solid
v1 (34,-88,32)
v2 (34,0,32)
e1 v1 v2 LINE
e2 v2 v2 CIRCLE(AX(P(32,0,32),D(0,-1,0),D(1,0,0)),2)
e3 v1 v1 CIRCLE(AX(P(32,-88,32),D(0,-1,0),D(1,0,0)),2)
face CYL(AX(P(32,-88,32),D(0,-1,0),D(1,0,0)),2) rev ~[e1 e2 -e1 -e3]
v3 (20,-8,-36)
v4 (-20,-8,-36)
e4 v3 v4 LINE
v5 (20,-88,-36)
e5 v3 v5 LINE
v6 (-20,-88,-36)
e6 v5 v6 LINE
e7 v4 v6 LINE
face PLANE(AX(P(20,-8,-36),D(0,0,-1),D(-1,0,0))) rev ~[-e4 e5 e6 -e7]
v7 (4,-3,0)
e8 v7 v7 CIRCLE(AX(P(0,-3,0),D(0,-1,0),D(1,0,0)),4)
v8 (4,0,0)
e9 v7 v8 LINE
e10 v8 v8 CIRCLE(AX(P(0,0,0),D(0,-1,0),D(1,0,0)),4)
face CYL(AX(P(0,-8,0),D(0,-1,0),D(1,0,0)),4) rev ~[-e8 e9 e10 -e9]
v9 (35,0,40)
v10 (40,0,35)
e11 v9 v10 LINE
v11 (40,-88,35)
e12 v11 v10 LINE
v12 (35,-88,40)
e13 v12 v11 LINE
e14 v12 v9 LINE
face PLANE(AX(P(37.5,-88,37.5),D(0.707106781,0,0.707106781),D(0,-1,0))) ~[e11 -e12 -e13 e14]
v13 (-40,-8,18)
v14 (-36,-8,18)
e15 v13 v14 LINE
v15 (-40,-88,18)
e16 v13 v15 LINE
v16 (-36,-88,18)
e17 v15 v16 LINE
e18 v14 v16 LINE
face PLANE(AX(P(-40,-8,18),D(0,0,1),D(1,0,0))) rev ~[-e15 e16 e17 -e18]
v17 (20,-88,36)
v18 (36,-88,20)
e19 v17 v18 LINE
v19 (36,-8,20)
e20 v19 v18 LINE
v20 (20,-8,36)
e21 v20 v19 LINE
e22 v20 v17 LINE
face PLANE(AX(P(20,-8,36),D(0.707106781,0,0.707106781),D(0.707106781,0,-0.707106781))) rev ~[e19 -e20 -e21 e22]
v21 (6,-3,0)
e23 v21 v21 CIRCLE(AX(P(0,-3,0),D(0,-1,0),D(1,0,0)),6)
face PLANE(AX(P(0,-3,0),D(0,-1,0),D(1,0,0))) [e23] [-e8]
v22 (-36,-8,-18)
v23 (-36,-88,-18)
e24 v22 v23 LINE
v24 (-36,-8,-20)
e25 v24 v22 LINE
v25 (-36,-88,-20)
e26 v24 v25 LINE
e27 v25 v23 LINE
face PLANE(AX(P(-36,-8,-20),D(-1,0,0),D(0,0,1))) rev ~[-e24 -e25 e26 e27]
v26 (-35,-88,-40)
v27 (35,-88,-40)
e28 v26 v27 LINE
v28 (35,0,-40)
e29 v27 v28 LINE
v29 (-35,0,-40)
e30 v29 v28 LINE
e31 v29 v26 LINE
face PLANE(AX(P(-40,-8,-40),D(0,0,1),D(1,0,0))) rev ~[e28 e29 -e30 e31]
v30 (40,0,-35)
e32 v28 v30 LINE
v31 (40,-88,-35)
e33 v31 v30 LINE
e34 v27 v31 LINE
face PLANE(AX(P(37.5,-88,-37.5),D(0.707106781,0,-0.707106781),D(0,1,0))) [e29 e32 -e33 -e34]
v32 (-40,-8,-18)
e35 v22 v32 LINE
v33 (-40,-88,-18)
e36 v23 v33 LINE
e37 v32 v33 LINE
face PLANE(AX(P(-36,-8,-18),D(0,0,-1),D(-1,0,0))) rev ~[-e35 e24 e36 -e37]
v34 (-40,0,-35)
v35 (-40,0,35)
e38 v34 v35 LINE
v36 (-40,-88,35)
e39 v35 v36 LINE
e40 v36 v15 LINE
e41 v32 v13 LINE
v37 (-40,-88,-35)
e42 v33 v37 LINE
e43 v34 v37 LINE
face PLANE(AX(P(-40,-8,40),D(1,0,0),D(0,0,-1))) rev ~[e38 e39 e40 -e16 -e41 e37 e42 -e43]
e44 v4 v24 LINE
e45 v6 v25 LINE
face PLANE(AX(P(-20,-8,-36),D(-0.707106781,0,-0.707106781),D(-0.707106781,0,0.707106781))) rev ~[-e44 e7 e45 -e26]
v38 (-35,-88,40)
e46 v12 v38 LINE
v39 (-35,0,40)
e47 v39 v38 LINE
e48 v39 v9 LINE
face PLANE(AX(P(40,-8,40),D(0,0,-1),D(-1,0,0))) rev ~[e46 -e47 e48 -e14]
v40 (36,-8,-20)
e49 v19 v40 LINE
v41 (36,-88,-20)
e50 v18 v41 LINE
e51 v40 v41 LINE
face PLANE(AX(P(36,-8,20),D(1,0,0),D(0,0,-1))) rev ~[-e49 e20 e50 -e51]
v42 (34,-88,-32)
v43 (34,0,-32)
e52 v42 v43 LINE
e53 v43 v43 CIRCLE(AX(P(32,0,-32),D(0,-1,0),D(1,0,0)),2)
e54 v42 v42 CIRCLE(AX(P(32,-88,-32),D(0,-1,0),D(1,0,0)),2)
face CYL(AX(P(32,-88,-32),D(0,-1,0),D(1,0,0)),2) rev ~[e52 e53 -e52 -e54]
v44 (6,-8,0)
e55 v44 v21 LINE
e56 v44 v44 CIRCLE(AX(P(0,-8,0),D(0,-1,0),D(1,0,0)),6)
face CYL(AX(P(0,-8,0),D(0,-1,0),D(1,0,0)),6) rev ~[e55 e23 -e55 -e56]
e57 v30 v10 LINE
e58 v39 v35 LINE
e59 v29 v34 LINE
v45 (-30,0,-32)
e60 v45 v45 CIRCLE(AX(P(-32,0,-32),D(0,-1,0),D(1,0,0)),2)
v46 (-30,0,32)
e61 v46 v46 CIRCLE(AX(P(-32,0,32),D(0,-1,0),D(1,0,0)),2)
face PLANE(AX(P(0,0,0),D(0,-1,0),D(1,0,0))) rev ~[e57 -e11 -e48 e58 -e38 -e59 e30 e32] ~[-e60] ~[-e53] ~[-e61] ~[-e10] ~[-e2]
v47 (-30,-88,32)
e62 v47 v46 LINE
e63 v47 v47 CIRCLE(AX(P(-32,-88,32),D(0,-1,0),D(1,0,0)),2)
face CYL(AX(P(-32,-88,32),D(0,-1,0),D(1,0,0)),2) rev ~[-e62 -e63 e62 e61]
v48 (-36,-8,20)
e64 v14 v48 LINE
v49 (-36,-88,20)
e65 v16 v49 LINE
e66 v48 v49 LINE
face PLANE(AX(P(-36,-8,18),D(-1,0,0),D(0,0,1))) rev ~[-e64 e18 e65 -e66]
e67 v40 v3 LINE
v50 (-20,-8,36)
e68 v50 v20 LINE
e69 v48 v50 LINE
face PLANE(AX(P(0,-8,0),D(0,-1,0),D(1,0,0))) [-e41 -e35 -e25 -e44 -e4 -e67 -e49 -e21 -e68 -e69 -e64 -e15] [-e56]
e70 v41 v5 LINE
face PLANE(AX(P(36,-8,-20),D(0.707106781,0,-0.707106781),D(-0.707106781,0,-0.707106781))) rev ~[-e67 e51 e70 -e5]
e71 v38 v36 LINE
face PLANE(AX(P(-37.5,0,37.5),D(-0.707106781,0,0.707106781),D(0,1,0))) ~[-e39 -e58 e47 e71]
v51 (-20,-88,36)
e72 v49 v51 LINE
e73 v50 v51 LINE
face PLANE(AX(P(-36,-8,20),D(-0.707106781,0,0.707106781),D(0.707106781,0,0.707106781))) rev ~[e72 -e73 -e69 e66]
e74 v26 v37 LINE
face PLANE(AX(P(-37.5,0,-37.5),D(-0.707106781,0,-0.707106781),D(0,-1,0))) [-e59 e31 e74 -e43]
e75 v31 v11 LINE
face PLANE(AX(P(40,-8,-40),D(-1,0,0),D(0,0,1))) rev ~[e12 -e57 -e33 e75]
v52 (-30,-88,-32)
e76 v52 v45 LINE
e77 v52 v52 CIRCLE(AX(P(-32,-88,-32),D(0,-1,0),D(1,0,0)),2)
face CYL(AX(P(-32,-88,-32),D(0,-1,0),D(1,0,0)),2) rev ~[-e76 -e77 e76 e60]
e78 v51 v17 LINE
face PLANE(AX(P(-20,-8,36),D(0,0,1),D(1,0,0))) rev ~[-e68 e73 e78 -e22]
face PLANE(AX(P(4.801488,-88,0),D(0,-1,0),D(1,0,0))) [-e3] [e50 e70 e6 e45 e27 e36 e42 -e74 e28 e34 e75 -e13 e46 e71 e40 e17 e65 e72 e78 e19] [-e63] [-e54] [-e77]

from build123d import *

# Parameters (mm, degrees)
F0_W      = 80
F0_H      = 80
F1_DEPTH  = 8
F2_R      = 4
F3_DEPTH  = 8.001
F5_DEPTH  = 80
F6_SIZE   = 5
F7_R      = 2
F8_DEPTH  = 88.001
F9_R      = 6
F10_DEPTH = 5


with BuildPart() as f1:
    # F0 (on Front) → F1 (new body)
    with BuildSketch(Plane.XZ):
        Rectangle(F0_W, F0_H)
    extrude(amount=F1_DEPTH)

    # F2 (on face) → F3 (cut, through all)
    with BuildSketch(Plane.XZ.offset(8)):
        Circle(F2_R)
    extrude(amount=-F3_DEPTH, mode=Mode.SUBTRACT)

    # F4 (on face) → F5 (join)
    with BuildSketch(Plane.XZ.offset(8)):
        Polygon((40, 40), (-40, 40), (-40, 18), (-36, 18), (-36, 20), (-20, 36), (20, 36), (36, 20), (36, 0), (36, -20), (20, -36), (-20, -36), (-36, -20), (-36, -18), (-40, -18), (-40, -40), (40, -40), align=None)
    extrude(amount=F5_DEPTH)

    # F6
    f6_edges = [f1.edges().sort_by_distance(p)[0] for p in [
        (-40, -44, 40),
        (40, -44, 40),
        (-40, -44, -40),
        (40, -44, -40),
    ]]
    chamfer(f6_edges, length=F6_SIZE)

    # F7 (on face) → F8 (cut, through all)
    with BuildSketch(Plane.XZ.offset(88)):
        with Locations((-32, 32)):
            Circle(F7_R)
        with Locations((-32, -32)):
            Circle(F7_R)
        with Locations((32, -32)):
            Circle(F7_R)
        with Locations((32, 32)):
            Circle(F7_R)
    extrude(amount=-F8_DEPTH, mode=Mode.SUBTRACT)

    # F9 (on face) → F10 (cut)
    with BuildSketch(Plane.XZ.offset(8)):
        Circle(F9_R)
    extrude(amount=-F10_DEPTH, mode=Mode.SUBTRACT)


solid = f1.part
